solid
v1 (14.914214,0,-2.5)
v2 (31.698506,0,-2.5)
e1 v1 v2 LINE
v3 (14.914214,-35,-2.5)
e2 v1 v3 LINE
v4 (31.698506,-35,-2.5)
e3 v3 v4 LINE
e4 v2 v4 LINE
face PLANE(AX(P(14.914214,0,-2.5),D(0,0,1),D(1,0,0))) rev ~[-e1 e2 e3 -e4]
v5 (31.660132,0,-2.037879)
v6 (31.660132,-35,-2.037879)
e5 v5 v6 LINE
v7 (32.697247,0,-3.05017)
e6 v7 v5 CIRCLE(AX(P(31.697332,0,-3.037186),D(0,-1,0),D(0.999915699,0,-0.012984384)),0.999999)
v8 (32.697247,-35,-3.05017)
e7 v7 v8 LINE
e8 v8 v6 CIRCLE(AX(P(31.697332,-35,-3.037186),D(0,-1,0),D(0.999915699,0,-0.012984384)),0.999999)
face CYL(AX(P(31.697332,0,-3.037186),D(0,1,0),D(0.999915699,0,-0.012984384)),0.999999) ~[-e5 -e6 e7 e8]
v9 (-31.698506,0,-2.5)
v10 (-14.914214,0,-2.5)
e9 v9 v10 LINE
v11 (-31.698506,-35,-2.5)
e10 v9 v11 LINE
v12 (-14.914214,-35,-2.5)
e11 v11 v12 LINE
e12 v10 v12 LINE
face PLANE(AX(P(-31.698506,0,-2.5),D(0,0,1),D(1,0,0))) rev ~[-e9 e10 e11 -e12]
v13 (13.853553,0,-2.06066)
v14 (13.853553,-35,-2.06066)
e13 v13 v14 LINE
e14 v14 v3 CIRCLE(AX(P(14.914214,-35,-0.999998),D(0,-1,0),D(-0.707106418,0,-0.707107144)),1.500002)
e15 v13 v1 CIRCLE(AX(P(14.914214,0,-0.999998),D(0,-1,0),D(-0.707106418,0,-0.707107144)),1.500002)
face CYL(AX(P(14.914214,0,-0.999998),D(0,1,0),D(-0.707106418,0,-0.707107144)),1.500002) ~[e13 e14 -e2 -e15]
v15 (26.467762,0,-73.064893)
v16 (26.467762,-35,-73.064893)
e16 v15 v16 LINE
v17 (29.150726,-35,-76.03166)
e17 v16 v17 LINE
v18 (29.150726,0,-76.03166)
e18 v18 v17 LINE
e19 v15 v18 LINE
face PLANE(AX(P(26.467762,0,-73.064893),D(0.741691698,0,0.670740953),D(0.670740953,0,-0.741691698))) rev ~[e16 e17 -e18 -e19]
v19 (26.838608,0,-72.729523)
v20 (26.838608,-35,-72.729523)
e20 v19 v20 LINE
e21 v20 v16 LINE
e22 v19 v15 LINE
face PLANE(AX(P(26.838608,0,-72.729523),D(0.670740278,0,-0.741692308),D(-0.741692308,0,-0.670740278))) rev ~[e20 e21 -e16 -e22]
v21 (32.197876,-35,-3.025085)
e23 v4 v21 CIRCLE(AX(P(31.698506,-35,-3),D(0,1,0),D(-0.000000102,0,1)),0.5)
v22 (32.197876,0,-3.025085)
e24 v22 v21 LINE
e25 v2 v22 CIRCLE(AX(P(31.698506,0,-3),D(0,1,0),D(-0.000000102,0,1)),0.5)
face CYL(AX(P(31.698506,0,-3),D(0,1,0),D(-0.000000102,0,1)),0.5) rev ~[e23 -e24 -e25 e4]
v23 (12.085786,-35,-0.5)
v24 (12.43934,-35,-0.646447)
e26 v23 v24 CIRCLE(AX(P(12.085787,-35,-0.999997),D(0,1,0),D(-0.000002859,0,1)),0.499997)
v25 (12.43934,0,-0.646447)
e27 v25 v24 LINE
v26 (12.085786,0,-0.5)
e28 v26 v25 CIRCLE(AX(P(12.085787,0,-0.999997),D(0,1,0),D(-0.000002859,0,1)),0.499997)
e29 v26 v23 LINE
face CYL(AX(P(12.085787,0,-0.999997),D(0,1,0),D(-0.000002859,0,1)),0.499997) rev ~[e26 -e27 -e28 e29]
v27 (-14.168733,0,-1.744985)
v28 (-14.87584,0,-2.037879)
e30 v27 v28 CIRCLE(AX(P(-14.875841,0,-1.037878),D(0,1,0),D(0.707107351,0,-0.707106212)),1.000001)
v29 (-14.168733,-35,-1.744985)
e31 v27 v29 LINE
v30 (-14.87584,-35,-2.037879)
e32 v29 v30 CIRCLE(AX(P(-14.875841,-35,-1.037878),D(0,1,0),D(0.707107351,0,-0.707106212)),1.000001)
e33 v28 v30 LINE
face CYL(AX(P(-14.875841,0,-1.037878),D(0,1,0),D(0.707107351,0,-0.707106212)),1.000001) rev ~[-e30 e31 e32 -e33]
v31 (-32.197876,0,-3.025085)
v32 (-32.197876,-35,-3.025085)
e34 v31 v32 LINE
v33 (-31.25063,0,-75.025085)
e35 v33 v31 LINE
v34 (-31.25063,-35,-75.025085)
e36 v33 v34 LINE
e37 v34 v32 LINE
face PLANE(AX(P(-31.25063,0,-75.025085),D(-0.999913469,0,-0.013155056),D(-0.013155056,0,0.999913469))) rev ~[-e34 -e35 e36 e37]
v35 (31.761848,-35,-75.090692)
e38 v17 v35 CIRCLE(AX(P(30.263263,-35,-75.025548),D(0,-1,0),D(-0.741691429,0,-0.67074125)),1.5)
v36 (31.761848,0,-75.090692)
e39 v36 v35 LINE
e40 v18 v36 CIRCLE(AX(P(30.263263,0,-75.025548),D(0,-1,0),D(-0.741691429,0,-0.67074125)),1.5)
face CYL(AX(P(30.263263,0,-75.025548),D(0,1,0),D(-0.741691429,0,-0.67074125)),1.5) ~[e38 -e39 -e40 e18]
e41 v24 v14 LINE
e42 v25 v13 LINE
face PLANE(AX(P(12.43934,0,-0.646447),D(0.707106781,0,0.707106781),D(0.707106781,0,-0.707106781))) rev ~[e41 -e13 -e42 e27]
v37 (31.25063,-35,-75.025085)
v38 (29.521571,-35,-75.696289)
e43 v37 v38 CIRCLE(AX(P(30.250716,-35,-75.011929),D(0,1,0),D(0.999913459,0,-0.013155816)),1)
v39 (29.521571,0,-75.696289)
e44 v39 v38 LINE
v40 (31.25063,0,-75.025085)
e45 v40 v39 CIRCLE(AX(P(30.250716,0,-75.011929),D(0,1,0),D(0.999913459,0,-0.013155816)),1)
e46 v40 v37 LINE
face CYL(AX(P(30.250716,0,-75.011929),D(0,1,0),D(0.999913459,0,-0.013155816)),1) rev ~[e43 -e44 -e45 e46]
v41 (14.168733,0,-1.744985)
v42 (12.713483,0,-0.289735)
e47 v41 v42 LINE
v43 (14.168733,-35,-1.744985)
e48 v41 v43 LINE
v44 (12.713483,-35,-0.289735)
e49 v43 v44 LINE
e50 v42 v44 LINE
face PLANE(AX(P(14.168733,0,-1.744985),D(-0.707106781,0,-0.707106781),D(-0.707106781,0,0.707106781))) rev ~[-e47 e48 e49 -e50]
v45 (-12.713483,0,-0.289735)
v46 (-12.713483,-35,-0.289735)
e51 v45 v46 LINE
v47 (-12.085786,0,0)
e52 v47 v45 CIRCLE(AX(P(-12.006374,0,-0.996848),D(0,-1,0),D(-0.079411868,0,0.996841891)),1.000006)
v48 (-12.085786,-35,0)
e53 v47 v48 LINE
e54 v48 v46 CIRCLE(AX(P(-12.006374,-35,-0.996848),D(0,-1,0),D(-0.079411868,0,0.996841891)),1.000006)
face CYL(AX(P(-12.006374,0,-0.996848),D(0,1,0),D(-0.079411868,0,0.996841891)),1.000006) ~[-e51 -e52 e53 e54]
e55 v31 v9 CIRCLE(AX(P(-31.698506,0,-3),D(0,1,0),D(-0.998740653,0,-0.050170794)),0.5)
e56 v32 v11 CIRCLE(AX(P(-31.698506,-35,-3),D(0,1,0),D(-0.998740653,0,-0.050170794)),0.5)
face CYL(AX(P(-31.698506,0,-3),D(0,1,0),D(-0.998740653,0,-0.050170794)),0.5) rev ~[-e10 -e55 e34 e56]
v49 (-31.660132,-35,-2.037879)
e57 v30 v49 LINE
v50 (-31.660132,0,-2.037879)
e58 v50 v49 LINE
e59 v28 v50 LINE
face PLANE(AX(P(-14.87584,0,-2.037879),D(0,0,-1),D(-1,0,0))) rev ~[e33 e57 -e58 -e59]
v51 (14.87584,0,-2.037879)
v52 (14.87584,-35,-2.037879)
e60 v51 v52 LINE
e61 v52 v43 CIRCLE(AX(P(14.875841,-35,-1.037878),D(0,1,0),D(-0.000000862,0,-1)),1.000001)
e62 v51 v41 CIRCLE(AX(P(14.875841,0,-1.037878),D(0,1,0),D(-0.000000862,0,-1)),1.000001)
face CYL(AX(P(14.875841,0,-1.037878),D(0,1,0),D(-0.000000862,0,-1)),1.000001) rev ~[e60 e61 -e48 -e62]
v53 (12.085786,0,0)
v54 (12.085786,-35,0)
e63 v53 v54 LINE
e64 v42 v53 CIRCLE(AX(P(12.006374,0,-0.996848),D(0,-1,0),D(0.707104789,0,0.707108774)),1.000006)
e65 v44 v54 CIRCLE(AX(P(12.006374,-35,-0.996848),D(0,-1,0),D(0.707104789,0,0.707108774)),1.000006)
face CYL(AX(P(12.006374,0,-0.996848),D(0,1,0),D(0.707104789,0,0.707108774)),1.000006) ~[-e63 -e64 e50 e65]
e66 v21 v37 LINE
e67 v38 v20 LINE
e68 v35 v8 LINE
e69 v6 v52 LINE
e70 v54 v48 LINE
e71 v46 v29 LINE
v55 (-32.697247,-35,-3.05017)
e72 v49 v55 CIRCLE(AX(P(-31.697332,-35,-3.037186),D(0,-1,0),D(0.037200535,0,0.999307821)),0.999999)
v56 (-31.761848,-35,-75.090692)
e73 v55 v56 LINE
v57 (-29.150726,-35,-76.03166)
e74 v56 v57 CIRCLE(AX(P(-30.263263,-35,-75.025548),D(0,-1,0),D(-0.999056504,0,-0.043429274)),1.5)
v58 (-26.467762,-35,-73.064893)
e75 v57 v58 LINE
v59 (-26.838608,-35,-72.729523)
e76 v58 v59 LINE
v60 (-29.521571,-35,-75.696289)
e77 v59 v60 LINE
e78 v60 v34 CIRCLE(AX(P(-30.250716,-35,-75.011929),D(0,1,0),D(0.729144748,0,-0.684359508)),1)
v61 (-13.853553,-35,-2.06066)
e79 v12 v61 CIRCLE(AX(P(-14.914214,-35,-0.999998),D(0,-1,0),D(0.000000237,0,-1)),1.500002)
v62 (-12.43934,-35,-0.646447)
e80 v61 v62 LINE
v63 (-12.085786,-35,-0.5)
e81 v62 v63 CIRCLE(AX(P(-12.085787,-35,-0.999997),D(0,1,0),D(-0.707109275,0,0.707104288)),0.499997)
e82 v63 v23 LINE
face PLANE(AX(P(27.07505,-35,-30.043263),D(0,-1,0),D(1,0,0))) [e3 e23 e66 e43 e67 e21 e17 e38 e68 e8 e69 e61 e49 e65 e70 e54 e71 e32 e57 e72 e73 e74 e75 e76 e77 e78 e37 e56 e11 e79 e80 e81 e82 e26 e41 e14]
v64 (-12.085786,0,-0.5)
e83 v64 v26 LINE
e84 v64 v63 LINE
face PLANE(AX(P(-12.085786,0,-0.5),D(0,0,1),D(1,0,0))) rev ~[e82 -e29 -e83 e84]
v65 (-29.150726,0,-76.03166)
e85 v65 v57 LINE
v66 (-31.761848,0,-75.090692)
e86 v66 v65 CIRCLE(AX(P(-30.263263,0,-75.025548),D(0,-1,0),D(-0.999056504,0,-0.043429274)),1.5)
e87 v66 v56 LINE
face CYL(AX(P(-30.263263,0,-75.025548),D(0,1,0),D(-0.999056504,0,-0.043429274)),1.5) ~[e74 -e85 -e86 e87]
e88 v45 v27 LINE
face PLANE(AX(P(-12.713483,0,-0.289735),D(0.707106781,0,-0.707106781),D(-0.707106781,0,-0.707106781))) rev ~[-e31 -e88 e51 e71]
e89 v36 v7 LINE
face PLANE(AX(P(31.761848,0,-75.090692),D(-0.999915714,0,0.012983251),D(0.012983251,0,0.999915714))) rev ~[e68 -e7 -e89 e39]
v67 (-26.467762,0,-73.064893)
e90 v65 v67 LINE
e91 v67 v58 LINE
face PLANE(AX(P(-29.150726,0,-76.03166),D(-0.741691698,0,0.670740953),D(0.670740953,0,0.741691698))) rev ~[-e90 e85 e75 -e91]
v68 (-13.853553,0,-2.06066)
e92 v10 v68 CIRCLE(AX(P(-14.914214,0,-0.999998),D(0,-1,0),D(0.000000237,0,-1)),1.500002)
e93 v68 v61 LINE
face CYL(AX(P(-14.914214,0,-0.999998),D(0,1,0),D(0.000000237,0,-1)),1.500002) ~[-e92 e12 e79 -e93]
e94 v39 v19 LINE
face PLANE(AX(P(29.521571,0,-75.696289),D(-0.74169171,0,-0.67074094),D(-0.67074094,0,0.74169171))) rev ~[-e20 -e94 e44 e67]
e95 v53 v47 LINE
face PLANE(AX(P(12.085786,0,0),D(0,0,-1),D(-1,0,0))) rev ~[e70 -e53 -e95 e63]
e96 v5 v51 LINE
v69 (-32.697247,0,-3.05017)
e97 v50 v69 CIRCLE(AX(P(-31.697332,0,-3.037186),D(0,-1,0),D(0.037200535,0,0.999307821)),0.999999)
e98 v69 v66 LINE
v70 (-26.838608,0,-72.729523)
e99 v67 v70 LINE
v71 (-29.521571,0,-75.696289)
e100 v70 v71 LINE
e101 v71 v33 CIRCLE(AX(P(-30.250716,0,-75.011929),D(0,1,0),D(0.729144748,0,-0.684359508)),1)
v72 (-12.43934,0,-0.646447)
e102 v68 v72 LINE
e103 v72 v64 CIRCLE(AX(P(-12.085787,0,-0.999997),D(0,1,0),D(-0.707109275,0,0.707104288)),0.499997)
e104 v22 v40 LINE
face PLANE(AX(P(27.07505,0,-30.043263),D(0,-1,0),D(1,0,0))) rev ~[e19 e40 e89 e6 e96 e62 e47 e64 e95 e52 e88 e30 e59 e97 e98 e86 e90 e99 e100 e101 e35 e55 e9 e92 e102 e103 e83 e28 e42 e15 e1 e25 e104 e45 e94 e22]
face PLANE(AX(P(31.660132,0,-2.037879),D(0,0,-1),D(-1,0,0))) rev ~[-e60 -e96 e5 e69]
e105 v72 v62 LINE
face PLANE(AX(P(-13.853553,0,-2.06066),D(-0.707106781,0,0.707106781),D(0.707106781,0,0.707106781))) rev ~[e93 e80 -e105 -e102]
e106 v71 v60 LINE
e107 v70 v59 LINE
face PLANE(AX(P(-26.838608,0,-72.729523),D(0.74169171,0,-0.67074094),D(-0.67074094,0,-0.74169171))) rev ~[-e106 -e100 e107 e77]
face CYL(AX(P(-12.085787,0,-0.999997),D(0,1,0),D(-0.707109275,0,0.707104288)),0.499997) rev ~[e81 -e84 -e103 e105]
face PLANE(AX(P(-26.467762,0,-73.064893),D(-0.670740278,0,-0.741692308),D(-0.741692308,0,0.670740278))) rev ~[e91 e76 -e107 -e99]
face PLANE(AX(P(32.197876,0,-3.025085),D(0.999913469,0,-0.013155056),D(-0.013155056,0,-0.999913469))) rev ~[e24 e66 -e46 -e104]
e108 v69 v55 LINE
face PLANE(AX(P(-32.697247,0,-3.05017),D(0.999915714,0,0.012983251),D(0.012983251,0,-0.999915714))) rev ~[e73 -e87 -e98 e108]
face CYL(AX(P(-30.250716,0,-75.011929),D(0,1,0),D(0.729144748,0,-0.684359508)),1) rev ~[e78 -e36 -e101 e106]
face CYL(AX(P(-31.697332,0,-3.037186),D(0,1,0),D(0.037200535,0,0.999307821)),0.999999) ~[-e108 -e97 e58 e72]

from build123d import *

# Parameters (mm, degrees)
F1_DEPTH = 35


with BuildPart() as f1:
    # F0 (on Front) → F1 (new body)
    with BuildSketch(Plane.XZ):
        with BuildLine():
            Line((12.085786, 0), (0, 0))
            Line((0, 0), (0, -0.5))
            Line((0, -0.5), (12.085786, -0.5))
            ThreePointArc((12.085786, -0.5), (12.277128, -0.53806), (12.43934, -0.646447))
            Line((12.43934, -0.646447), (13.853553, -2.06066))
            ThreePointArc((13.853553, -2.06066), (14.340188, -2.385819), (14.914214, -2.5))
            Line((14.914214, -2.5), (31.698506, -2.5))
            ThreePointArc((31.698506, -2.5), (32.06082, -2.65543), (32.197876, -3.025085))
            Line((32.197876, -3.025085), (31.25063, -75.025085))
            ThreePointArc((31.25063, -75.025085), (30.612597, -75.944154), (29.521571, -75.696289))
            Line((29.521571, -75.696289), (26.838608, -72.729523))
            Line((26.838608, -72.729523), (26.467762, -73.064893))
            Line((26.467762, -73.064893), (29.150726, -76.03166))
            ThreePointArc((29.150726, -76.03166), (30.771804, -76.436713), (31.761848, -75.090692))
            Line((31.761848, -75.090692), (32.697247, -3.05017))
            ThreePointArc((32.697247, -3.05017), (32.395822, -2.321567), (31.660132, -2.037879))
            Line((31.660132, -2.037879), (14.87584, -2.037879))
            ThreePointArc((14.87584, -2.037879), (14.493156, -1.961758), (14.168733, -1.744985))
            Line((14.168733, -1.744985), (12.713483, -0.289735))
            ThreePointArc((12.713483, -0.289735), (12.425469, -0.088899), (12.085786, 0))
        make_face()
        with BuildLine():
            Line((0, -0.5), (0, 0))
            Line((0, 0), (-12.085786, 0))
            ThreePointArc((-12.085786, 0), (-12.425469, -0.088899), (-12.713483, -0.289735))
            Line((-12.713483, -0.289735), (-14.168733, -1.744985))
            ThreePointArc((-14.168733, -1.744985), (-14.493156, -1.961758), (-14.87584, -2.037879))
            Line((-14.87584, -2.037879), (-31.660132, -2.037879))
            ThreePointArc((-31.660132, -2.037879), (-32.395822, -2.321567), (-32.697247, -3.05017))
            Line((-32.697247, -3.05017), (-31.761848, -75.090692))
            ThreePointArc((-31.761848, -75.090692), (-30.771804, -76.436713), (-29.150726, -76.03166))
            Line((-29.150726, -76.03166), (-26.467762, -73.064893))
            Line((-26.467762, -73.064893), (-26.838608, -72.729523))
            Line((-26.838608, -72.729523), (-29.521571, -75.696289))
            ThreePointArc((-29.521571, -75.696289), (-30.612597, -75.944154), (-31.25063, -75.025085))
            Line((-31.25063, -75.025085), (-32.197876, -3.025085))
            ThreePointArc((-32.197876, -3.025085), (-32.06082, -2.65543), (-31.698506, -2.5))
            Line((-31.698506, -2.5), (-14.914214, -2.5))
            ThreePointArc((-14.914214, -2.5), (-14.340188, -2.385819), (-13.853553, -2.06066))
            Line((-13.853553, -2.06066), (-12.43934, -0.646447))
            ThreePointArc((-12.43934, -0.646447), (-12.277128, -0.53806), (-12.085786, -0.5))
            Line((-12.085786, -0.5), (0, -0.5))
        make_face()
    extrude(amount=F1_DEPTH)


solid = f1.part
